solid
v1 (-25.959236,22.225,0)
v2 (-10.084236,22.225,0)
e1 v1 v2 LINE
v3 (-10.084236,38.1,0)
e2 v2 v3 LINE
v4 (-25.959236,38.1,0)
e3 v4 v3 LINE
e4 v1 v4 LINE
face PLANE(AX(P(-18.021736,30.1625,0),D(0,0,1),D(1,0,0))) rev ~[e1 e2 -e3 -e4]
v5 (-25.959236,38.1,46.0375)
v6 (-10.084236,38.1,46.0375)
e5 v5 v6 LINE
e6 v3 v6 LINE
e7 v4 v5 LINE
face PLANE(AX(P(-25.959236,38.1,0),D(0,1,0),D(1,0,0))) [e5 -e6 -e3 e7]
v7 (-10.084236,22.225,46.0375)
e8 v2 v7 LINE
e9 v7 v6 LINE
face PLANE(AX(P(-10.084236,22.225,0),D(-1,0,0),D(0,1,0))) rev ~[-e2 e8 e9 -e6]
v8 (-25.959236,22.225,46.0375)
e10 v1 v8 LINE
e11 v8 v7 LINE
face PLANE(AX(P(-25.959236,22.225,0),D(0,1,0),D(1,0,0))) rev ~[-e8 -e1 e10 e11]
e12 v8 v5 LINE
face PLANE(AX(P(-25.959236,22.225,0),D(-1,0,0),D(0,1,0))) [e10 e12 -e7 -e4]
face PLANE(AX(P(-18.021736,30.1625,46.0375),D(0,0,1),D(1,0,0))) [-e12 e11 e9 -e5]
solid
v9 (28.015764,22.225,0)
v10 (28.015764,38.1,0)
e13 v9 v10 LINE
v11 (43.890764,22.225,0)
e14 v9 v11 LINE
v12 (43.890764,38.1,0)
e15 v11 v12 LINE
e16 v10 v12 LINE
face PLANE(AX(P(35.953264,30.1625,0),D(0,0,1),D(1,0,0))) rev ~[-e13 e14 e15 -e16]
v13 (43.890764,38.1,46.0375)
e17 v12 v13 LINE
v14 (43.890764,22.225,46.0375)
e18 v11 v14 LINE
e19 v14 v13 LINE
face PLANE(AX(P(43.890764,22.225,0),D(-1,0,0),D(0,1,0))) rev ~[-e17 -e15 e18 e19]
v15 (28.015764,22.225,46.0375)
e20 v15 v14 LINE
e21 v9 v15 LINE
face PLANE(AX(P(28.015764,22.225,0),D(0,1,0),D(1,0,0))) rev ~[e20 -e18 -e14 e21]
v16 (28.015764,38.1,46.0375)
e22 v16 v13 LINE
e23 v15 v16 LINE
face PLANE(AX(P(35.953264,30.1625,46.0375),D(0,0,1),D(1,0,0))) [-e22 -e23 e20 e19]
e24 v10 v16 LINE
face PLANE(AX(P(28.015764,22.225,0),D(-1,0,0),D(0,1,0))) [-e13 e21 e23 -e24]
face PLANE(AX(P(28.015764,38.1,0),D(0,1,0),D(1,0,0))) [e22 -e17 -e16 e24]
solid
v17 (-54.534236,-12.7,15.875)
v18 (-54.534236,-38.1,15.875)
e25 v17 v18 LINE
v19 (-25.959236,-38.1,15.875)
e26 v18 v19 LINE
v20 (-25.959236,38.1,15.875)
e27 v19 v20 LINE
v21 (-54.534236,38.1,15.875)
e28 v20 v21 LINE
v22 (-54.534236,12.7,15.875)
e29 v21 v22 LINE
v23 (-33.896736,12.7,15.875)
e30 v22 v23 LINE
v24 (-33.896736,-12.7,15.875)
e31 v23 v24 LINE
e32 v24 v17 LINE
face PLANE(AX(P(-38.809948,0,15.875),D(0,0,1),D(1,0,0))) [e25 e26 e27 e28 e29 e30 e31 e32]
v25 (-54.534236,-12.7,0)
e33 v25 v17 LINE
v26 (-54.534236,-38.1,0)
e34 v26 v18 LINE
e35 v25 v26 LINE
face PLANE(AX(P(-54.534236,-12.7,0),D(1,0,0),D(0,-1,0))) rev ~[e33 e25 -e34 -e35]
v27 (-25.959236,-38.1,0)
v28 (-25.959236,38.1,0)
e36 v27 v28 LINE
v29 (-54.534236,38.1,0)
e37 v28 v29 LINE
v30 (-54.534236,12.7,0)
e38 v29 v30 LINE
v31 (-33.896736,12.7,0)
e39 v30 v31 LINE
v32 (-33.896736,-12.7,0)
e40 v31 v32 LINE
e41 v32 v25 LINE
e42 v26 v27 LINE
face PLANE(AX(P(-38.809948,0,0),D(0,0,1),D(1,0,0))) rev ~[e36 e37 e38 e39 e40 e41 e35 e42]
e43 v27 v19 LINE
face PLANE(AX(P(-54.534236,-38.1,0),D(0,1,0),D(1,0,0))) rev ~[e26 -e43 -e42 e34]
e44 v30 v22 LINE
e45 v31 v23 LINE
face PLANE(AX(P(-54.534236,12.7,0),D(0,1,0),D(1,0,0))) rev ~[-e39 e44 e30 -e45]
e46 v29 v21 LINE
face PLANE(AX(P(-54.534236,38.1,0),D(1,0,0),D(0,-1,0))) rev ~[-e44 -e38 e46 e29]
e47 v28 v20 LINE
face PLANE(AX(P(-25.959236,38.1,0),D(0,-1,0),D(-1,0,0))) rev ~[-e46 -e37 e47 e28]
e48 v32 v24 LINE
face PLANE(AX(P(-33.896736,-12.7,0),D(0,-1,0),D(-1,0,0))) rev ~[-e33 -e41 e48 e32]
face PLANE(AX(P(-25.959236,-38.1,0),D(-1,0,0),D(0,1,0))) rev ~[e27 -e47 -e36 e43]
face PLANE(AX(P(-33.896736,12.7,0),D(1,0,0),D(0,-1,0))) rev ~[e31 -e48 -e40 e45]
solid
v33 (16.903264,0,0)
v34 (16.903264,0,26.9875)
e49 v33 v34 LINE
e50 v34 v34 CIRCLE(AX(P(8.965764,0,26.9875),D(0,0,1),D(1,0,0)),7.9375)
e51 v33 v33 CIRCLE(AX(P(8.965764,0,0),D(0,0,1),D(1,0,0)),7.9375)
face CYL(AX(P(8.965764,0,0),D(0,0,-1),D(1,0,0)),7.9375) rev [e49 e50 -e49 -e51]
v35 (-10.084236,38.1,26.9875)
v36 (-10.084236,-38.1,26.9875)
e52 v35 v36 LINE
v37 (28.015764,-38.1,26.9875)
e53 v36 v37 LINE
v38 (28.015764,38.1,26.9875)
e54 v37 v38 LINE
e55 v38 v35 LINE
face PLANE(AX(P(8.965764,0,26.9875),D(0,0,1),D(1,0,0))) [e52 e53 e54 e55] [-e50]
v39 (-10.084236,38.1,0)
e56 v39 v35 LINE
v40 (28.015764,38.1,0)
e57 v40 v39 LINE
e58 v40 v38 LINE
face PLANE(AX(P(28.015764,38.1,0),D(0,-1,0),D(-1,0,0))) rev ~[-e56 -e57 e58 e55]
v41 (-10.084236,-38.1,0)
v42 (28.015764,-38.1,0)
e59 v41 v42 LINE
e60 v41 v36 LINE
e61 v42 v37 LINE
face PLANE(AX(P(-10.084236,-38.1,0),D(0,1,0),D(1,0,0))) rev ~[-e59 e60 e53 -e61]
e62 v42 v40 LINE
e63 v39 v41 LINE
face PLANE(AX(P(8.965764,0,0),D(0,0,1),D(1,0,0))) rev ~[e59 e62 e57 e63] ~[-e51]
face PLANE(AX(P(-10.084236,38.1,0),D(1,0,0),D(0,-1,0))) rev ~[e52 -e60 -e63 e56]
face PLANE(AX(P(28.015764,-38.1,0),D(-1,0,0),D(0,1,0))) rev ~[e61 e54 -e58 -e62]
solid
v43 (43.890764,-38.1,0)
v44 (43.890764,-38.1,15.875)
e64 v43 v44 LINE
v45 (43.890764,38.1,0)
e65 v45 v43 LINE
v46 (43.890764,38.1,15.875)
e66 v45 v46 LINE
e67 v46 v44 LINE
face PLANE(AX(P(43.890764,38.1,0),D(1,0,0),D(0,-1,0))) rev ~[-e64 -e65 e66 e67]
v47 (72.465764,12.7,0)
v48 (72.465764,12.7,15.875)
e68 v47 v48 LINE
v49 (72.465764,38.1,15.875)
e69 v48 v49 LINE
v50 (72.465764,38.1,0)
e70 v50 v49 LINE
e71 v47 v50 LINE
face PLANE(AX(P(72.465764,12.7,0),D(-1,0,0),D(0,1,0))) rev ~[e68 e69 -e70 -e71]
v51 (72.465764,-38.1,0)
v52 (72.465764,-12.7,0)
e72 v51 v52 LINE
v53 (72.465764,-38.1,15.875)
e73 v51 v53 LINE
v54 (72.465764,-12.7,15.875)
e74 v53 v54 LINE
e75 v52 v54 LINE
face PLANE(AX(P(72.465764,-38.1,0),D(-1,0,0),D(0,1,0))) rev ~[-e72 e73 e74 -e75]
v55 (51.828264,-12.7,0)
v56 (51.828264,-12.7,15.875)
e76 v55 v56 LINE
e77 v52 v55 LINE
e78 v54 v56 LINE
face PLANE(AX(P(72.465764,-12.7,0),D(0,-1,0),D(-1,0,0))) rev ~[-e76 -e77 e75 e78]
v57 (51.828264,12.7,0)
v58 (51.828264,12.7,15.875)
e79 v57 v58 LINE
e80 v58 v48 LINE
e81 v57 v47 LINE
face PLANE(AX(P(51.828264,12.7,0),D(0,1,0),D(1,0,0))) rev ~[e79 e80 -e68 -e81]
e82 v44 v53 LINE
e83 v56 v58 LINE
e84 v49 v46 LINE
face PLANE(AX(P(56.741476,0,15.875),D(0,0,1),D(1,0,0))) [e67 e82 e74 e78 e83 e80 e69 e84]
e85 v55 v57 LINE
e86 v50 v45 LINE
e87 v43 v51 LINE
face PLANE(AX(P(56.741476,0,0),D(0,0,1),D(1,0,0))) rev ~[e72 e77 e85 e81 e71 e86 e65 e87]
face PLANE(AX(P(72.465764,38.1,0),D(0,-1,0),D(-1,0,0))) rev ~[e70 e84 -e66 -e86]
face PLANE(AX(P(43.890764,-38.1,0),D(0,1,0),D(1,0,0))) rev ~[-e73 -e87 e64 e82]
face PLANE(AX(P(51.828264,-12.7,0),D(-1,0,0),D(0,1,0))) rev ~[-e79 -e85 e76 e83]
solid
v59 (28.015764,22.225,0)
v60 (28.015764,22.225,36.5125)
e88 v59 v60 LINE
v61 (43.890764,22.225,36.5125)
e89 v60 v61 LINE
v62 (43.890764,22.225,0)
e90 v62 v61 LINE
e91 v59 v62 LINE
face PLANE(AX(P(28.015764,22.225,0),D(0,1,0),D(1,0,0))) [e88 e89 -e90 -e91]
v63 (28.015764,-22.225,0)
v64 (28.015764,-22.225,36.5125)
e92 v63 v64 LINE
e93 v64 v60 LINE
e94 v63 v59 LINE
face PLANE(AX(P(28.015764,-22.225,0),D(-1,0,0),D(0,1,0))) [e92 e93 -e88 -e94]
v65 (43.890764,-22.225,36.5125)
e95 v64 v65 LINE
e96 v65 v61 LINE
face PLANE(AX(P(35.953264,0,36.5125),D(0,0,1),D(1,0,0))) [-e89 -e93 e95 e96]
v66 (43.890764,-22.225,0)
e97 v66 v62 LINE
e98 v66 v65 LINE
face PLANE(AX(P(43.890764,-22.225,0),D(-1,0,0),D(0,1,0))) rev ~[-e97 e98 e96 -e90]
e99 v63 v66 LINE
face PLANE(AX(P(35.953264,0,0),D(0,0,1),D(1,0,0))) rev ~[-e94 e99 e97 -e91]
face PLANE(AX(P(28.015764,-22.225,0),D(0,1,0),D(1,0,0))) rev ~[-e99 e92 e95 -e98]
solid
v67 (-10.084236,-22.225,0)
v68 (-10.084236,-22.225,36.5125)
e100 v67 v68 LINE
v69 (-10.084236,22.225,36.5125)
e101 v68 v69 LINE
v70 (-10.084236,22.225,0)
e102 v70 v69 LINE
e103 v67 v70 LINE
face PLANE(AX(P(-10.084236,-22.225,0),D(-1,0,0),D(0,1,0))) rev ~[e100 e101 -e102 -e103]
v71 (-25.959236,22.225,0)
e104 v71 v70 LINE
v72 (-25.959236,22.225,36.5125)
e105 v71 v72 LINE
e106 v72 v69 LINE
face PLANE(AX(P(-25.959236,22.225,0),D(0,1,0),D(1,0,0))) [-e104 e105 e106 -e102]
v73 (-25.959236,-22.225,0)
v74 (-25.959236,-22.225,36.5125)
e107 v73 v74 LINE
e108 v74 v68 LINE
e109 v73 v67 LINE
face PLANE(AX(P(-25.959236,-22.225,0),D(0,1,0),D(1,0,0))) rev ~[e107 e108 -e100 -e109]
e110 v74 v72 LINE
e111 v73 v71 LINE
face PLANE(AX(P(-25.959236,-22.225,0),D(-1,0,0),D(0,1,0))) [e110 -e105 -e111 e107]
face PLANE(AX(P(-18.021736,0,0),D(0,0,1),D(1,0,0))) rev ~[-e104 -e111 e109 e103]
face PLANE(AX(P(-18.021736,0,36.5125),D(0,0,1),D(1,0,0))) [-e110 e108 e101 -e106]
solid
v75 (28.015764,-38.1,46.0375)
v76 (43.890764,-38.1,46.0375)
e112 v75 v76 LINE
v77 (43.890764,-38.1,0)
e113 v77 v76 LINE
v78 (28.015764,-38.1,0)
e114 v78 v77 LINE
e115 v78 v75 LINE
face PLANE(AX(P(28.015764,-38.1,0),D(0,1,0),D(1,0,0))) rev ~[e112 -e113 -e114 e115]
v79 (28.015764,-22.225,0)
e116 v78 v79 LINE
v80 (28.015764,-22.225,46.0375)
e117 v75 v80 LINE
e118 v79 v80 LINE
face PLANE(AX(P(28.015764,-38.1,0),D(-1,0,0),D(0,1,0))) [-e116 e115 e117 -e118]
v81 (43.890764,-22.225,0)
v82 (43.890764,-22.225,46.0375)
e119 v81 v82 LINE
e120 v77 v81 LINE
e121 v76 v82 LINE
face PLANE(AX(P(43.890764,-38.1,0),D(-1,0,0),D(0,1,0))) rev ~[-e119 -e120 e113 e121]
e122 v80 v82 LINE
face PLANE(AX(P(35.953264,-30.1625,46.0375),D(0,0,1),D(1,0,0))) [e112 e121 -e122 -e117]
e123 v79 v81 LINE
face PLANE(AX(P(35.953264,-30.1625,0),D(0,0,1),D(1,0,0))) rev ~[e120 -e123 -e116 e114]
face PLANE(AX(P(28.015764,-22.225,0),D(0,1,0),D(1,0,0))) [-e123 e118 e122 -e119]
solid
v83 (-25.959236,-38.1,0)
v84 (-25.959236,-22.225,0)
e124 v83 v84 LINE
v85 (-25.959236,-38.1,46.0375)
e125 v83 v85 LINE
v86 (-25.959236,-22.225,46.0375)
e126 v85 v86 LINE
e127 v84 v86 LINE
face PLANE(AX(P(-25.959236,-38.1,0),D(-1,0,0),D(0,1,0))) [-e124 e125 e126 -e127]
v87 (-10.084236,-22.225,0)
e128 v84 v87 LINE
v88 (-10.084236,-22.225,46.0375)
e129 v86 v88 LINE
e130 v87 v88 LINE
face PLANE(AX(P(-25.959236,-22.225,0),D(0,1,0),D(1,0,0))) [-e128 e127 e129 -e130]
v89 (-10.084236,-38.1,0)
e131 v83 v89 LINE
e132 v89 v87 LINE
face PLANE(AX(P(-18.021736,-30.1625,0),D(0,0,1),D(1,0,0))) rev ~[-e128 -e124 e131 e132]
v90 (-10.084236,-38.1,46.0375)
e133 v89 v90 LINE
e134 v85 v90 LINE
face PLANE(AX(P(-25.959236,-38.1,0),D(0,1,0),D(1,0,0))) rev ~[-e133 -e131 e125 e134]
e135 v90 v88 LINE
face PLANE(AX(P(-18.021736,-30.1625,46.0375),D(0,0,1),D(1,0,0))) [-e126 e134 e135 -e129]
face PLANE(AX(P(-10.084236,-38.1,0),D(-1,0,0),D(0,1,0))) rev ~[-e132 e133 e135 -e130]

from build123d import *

# Parameters (mm, degrees)
F1_DEPTH = 31.75
F2_DEPTH = 31.75
F0_W     = 31.75
F0_H     = 31.75
F3_DEPTH = 92.075
F0_H_2   = 88.9
F4_DEPTH = 73.025
F0_R     = 15.875
F5_DEPTH = 53.975
F6_SCALE = 0.5


with BuildPart() as f1:
    # F0 (on Top) → F1 (new body)
    with BuildSketch(Plane.XY):
        Polygon((-51.9184716105, 76.2), (-109.0684716105, 76.2), (-109.0684716105, 25.4), (-67.7934716105, 25.4), (-67.7934716105, -25.4), (-109.0684716105, -25.4), (-109.0684716105, -76.2), (-51.9184716105, -76.2), (-51.9184716105, -44.45), (-51.9184716105, 44.45), align=None)
    extrude(amount=F1_DEPTH)


with BuildPart() as f2:
    # F0 (on Top) → F2 (new body)
    with BuildSketch(Plane.XY):
        Polygon((144.9315283895, 76.2), (87.7815283895, 76.2), (87.7815283895, 44.45), (87.7815283895, -44.45), (87.7815283895, -76.2), (144.9315283895, -76.2), (144.9315283895, -25.4), (103.6565283895, -25.4), (103.6565283895, 25.4), (144.9315283895, 25.4), align=None)
    extrude(amount=F2_DEPTH)


with BuildPart() as f3:
    # F0 (on Top) → F3 (new body)
    with BuildSketch(Plane.XY):
        with Locations((-36.0434716105, -60.325)):
            Rectangle(F0_W, F0_H)
    extrude(amount=F3_DEPTH)


with BuildPart() as f3b:
    # F0 (on Top) → F3, piece 2 (new body)
    with BuildSketch(Plane.XY):
        with Locations((-36.0434716105, 60.325)):
            Rectangle(F0_W, F0_H)
    extrude(amount=F3_DEPTH)


with BuildPart() as f3c:
    # F0 (on Top) → F3, piece 3 (new body)
    with BuildSketch(Plane.XY):
        with Locations((71.9065283895, 60.325)):
            Rectangle(F0_W, F0_H)
    extrude(amount=F3_DEPTH)


with BuildPart() as f3d:
    # F0 (on Top) → F3, piece 4 (new body)
    with BuildSketch(Plane.XY):
        with Locations((71.9065283895, -60.325)):
            Rectangle(F0_W, F0_H)
    extrude(amount=F3_DEPTH)


with BuildPart() as f4:
    # F0 (on Top) → F4 (new body)
    with BuildSketch(Plane.XY):
        with Locations((-36.0434716105, 0)):
            Rectangle(F0_W, F0_H_2)
    extrude(amount=F4_DEPTH)


with BuildPart() as f4b:
    # F0 (on Top) → F4, piece 2 (new body)
    with BuildSketch(Plane.XY):
        with Locations((71.9065283895, 0)):
            Rectangle(F0_W, F0_H_2)
    extrude(amount=F4_DEPTH)


with BuildPart() as f5:
    # F0 (on Top) → F5 (new body)
    with BuildSketch(Plane.XY):
        Polygon((56.0315283895, 76.2), (-20.1684716105, 76.2), (-20.1684716105, 44.45), (-20.1684716105, -44.45), (-20.1684716105, -76.2), (56.0315283895, -76.2), (56.0315283895, -44.45), (56.0315283895, 44.45), align=None)
        with Locations((17.9315283895, 0)):
            Circle(F0_R, mode=Mode.SUBTRACT)
    extrude(amount=F5_DEPTH)


with BuildPart() as f1_1:
    # F6: moved
    add(f1.part.scale(F6_SCALE))


with BuildPart() as f2_1:
    # F6: moved
    add(f2.part.scale(F6_SCALE))


with BuildPart() as f3b_1:
    # F6: moved
    add(f3b.part.scale(F6_SCALE))


with BuildPart() as f3_1:
    # F6: moved
    add(f3.part.scale(F6_SCALE))


with BuildPart() as f3c_1:
    # F6: moved
    add(f3c.part.scale(F6_SCALE))


with BuildPart() as f3d_1:
    # F6: moved
    add(f3d.part.scale(F6_SCALE))


with BuildPart() as f4_1:
    # F6: moved
    add(f4.part.scale(F6_SCALE))


with BuildPart() as f4b_1:
    # F6: moved
    add(f4b.part.scale(F6_SCALE))


with BuildPart() as f5_1:
    # F6: moved
    add(f5.part.scale(F6_SCALE))


solid = Compound([f1_1.part, f2_1.part, f3b_1.part, f3_1.part, f3c_1.part, f3d_1.part, f4_1.part, f4b_1.part, f5_1.part])
